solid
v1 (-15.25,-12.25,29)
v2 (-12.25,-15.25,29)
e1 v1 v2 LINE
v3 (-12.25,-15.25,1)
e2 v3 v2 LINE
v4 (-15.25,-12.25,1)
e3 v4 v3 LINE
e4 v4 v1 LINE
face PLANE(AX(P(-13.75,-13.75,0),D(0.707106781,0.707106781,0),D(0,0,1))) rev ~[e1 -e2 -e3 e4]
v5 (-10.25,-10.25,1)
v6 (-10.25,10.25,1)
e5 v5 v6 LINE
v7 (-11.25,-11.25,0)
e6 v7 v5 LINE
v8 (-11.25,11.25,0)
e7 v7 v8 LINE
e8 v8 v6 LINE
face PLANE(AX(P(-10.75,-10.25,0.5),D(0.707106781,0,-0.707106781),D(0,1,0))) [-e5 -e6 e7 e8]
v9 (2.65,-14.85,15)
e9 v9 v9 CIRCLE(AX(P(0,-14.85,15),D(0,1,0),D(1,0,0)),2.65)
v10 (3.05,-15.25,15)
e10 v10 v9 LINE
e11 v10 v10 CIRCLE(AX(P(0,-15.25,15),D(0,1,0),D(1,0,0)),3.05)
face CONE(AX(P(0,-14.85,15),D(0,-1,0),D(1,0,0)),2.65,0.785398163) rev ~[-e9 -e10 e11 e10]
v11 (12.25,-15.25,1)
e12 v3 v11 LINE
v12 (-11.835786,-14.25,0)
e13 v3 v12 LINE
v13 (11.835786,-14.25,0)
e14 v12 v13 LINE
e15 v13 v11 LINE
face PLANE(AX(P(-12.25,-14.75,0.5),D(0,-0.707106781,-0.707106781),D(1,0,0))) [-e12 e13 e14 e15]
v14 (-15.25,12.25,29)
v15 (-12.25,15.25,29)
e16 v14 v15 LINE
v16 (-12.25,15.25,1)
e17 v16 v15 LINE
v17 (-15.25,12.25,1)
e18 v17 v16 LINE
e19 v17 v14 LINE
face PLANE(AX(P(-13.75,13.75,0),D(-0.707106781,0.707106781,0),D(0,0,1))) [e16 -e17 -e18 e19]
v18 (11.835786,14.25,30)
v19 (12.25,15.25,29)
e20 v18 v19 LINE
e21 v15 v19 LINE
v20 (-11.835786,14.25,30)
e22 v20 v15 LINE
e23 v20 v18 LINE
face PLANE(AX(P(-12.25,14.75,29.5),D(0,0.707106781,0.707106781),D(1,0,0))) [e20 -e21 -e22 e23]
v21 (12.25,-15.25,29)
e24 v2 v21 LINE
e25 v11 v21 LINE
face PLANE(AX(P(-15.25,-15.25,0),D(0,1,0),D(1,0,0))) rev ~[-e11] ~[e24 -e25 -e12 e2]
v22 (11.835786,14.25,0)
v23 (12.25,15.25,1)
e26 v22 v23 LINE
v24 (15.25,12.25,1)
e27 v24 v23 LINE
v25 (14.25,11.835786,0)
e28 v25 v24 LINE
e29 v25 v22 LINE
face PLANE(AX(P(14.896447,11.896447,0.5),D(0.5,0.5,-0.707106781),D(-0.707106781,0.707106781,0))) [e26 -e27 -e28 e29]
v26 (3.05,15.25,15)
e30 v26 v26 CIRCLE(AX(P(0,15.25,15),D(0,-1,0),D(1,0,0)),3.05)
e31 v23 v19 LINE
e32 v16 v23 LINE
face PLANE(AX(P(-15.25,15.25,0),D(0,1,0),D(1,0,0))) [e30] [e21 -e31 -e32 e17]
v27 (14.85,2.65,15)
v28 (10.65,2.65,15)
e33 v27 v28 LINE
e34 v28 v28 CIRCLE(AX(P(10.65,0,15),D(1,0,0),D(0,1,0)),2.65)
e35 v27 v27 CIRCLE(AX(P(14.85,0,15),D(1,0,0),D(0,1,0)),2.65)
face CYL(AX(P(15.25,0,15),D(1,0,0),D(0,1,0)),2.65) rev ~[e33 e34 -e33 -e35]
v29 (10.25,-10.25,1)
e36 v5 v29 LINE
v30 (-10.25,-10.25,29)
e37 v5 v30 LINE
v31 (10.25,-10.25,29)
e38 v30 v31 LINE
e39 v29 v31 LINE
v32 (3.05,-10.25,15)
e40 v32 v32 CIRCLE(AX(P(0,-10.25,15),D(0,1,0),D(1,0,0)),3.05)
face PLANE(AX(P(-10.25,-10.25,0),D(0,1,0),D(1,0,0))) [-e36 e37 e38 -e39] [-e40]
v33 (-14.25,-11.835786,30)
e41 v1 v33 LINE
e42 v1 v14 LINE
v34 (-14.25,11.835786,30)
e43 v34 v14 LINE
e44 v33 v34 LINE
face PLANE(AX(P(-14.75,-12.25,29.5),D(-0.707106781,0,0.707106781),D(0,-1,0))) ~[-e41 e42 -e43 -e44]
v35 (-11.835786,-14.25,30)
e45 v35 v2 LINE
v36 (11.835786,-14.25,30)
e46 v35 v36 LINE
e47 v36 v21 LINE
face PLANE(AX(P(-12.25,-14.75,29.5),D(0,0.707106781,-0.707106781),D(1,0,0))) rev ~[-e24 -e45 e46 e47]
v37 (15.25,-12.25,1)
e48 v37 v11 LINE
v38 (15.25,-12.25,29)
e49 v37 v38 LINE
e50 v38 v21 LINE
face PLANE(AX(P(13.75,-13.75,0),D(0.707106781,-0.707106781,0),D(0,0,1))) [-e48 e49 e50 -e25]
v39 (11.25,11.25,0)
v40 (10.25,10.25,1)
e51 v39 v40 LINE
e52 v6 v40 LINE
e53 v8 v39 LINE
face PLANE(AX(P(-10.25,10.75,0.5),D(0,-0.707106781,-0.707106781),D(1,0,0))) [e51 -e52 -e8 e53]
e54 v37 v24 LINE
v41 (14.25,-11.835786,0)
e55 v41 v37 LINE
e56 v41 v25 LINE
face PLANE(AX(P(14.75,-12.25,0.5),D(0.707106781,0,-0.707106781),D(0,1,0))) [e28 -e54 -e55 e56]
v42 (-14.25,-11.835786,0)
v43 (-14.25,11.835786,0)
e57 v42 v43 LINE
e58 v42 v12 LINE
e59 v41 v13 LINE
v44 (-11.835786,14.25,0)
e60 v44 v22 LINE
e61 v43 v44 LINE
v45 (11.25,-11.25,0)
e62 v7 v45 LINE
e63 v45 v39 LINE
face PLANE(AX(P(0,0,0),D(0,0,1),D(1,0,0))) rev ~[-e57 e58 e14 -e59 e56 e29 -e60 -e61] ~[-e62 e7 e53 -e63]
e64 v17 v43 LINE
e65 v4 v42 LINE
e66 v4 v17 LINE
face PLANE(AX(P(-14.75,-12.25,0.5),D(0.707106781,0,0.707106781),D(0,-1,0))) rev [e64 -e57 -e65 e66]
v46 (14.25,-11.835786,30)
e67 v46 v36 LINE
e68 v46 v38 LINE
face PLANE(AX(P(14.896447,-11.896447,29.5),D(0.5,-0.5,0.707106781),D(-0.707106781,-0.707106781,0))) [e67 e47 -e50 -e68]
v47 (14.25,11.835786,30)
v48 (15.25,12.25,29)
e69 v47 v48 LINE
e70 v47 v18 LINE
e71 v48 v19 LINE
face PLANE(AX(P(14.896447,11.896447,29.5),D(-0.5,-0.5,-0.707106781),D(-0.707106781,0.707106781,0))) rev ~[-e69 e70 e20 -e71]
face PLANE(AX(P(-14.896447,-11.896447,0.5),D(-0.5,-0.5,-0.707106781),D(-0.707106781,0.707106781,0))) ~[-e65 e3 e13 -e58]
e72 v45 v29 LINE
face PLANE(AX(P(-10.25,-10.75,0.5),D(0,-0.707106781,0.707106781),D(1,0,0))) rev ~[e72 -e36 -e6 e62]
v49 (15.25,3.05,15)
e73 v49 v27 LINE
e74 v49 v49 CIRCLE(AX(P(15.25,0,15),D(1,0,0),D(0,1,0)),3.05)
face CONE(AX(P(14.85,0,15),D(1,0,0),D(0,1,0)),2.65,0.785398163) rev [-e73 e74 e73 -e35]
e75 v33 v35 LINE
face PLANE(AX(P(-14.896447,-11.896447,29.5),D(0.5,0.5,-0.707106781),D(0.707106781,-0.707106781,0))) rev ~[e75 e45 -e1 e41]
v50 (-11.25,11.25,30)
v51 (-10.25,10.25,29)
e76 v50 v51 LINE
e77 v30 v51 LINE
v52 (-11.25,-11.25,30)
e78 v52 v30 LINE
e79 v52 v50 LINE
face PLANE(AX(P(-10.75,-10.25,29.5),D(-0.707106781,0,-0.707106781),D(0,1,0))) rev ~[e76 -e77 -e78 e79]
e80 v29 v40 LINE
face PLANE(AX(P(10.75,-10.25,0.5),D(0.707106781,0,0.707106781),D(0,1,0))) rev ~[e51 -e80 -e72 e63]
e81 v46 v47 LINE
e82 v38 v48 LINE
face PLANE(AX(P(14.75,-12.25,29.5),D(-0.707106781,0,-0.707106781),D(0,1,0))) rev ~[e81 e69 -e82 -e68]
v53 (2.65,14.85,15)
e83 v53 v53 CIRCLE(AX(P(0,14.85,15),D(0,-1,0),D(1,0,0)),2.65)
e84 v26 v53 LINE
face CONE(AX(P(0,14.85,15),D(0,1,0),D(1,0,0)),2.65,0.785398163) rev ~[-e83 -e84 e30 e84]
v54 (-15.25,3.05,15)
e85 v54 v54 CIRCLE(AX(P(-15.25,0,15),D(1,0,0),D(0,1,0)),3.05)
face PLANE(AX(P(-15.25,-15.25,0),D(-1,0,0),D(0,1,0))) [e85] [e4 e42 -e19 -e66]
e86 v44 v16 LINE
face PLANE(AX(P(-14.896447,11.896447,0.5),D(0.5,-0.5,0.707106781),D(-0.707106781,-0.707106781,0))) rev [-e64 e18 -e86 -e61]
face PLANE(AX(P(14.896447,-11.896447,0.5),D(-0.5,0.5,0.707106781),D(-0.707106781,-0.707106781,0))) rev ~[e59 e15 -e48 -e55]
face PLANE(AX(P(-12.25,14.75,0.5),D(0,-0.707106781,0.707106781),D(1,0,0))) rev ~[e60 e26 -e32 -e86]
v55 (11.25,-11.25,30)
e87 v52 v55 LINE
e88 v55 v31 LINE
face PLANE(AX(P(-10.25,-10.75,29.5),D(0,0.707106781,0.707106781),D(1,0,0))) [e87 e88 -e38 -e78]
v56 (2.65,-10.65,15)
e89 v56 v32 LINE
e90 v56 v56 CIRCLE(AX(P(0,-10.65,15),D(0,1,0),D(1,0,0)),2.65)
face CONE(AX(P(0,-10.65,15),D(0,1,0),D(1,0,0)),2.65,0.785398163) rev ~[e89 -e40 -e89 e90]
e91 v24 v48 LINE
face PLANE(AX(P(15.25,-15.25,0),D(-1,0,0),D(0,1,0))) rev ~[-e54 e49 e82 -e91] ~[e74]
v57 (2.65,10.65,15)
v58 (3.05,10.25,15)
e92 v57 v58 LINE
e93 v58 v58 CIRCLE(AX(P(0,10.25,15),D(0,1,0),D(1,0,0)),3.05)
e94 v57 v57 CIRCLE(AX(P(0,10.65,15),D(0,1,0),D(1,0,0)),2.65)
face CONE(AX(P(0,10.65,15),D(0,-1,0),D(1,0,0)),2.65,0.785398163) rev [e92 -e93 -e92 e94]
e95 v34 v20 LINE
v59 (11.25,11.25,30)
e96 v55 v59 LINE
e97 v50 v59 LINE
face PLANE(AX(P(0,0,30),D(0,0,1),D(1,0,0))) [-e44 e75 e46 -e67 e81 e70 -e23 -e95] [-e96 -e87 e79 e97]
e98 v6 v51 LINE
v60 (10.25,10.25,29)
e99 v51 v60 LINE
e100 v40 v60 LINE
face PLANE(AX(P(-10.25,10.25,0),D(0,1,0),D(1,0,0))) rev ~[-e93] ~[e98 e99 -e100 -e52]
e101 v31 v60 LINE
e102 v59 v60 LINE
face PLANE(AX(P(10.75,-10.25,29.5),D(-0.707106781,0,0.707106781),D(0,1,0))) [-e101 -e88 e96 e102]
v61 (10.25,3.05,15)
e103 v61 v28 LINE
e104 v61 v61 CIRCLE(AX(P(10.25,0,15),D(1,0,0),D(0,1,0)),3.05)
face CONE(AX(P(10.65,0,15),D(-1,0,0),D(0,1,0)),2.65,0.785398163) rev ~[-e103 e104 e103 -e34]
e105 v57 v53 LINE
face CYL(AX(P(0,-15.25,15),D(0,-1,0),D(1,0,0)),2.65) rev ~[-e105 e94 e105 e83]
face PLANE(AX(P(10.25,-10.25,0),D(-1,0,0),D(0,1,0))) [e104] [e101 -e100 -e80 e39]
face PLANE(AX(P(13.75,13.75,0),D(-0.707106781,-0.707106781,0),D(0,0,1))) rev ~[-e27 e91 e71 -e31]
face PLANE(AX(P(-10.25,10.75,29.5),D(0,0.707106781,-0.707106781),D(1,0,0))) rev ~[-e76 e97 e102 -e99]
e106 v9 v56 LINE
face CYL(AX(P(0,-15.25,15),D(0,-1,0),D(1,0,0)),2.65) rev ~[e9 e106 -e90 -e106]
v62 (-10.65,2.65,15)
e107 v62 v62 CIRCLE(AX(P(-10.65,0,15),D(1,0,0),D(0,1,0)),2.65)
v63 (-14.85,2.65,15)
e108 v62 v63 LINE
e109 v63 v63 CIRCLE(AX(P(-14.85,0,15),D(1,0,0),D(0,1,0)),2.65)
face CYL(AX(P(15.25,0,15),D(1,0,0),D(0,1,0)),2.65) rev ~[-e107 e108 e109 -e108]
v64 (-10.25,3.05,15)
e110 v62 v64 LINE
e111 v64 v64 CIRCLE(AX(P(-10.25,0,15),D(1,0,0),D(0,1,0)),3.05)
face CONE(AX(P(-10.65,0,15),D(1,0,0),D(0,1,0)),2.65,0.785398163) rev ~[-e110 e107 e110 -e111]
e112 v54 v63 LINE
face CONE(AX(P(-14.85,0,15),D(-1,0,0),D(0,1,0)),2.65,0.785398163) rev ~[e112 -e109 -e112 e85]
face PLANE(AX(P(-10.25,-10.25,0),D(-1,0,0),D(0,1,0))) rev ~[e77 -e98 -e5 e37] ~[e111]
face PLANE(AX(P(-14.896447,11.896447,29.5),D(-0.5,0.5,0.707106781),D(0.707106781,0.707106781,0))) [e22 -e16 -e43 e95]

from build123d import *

# Parameters (mm, degrees)
SKETCH005_W        = 30.5
SKETCH005_H        = 30.5
SKETCH005_W_2      = 20.5
SKETCH005_H_2      = 20.5
PAD003_DEPTH       = 30
SKETCH006_R        = 2.65
POCKET003_DEPTH    = 135.581921
POLARPATTERN_COUNT = 4
CHAMFER004_SIZE    = 3
CHAMFER005_SIZE    = 1
CHAMFER006_SIZE    = 0.4


with BuildPart() as part:
    # Sketch005 → Pad003 (new body)
    with BuildSketch(Plane.XY):
        Rectangle(SKETCH005_W, SKETCH005_H)
        Rectangle(SKETCH005_W_2, SKETCH005_H_2, mode=Mode.SUBTRACT)
    extrude(amount=PAD003_DEPTH)

    # Sketch006 (on Face3 of Pad003) → Pocket003 (cut, through all)
    with BuildSketch(Plane.XZ.offset(15.25)):
        with Locations((0, 15)):
            Circle(SKETCH006_R)
    pocket003 = extrude(amount=-POCKET003_DEPTH, mode=Mode.SUBTRACT)

    # PolarPattern: Pocket003 ×4 about axis
    polarpattern_axis = Axis((0, 0, 0), (0, 0, 1))
    for i in range(1, POLARPATTERN_COUNT):
        add(pocket003.rotate(polarpattern_axis, i * 360 / POLARPATTERN_COUNT), mode=Mode.SUBTRACT)

    # Chamfer004
    chamfer004_edges = [part.edges().sort_by_distance(p)[0] for p in [
        (-15.25, 15.25, 15),
        (-15.25, -15.25, 15),
        (15.25, -15.25, 15),
        (15.25, 15.25, 15),
    ]]
    chamfer(chamfer004_edges, length=CHAMFER004_SIZE)

    # Chamfer005
    chamfer005_edges = [part.edges().sort_by_distance(p)[0] for p in [
        (0, 15.25, 0),
        (-13.75, 13.75, 0),
        (13.75, 13.75, 0),
        (-15.25, 0, 0),
        (15.25, 0, 0),
        (-13.75, -13.75, 0),
        (13.75, -13.75, 0),
        (0, -15.25, 0),
        (0, 10.25, 0),
        (10.25, 0, 0),
        (0, -10.25, 0),
        (-10.25, 0, 0),
        (0, 15.25, 30),
        (-13.75, 13.75, 30),
        (13.75, 13.75, 30),
        (-15.25, 0, 30),
        (15.25, 0, 30),
        (-13.75, -13.75, 30),
        (13.75, -13.75, 30),
        (0, -15.25, 30),
        (0, 10.25, 30),
        (10.25, 0, 30),
        (0, -10.25, 30),
        (-10.25, 0, 30),
    ]]
    chamfer(chamfer005_edges, length=CHAMFER005_SIZE)

    # Chamfer006
    chamfer006_edges = [part.edges().sort_by_distance(p)[0] for p in [
        (0, -15.25, 17.65),
        (0, -10.25, 12.35),
        (10.25, 0, 17.65),
        (15.25, 0, 17.65),
        (0, 10.25, 17.65),
        (0, 15.25, 17.65),
        (-15.25, 0, 12.35),
        (-10.25, 0, 12.35),
    ]]
    chamfer(chamfer006_edges, length=CHAMFER006_SIZE)


solid = part.part
